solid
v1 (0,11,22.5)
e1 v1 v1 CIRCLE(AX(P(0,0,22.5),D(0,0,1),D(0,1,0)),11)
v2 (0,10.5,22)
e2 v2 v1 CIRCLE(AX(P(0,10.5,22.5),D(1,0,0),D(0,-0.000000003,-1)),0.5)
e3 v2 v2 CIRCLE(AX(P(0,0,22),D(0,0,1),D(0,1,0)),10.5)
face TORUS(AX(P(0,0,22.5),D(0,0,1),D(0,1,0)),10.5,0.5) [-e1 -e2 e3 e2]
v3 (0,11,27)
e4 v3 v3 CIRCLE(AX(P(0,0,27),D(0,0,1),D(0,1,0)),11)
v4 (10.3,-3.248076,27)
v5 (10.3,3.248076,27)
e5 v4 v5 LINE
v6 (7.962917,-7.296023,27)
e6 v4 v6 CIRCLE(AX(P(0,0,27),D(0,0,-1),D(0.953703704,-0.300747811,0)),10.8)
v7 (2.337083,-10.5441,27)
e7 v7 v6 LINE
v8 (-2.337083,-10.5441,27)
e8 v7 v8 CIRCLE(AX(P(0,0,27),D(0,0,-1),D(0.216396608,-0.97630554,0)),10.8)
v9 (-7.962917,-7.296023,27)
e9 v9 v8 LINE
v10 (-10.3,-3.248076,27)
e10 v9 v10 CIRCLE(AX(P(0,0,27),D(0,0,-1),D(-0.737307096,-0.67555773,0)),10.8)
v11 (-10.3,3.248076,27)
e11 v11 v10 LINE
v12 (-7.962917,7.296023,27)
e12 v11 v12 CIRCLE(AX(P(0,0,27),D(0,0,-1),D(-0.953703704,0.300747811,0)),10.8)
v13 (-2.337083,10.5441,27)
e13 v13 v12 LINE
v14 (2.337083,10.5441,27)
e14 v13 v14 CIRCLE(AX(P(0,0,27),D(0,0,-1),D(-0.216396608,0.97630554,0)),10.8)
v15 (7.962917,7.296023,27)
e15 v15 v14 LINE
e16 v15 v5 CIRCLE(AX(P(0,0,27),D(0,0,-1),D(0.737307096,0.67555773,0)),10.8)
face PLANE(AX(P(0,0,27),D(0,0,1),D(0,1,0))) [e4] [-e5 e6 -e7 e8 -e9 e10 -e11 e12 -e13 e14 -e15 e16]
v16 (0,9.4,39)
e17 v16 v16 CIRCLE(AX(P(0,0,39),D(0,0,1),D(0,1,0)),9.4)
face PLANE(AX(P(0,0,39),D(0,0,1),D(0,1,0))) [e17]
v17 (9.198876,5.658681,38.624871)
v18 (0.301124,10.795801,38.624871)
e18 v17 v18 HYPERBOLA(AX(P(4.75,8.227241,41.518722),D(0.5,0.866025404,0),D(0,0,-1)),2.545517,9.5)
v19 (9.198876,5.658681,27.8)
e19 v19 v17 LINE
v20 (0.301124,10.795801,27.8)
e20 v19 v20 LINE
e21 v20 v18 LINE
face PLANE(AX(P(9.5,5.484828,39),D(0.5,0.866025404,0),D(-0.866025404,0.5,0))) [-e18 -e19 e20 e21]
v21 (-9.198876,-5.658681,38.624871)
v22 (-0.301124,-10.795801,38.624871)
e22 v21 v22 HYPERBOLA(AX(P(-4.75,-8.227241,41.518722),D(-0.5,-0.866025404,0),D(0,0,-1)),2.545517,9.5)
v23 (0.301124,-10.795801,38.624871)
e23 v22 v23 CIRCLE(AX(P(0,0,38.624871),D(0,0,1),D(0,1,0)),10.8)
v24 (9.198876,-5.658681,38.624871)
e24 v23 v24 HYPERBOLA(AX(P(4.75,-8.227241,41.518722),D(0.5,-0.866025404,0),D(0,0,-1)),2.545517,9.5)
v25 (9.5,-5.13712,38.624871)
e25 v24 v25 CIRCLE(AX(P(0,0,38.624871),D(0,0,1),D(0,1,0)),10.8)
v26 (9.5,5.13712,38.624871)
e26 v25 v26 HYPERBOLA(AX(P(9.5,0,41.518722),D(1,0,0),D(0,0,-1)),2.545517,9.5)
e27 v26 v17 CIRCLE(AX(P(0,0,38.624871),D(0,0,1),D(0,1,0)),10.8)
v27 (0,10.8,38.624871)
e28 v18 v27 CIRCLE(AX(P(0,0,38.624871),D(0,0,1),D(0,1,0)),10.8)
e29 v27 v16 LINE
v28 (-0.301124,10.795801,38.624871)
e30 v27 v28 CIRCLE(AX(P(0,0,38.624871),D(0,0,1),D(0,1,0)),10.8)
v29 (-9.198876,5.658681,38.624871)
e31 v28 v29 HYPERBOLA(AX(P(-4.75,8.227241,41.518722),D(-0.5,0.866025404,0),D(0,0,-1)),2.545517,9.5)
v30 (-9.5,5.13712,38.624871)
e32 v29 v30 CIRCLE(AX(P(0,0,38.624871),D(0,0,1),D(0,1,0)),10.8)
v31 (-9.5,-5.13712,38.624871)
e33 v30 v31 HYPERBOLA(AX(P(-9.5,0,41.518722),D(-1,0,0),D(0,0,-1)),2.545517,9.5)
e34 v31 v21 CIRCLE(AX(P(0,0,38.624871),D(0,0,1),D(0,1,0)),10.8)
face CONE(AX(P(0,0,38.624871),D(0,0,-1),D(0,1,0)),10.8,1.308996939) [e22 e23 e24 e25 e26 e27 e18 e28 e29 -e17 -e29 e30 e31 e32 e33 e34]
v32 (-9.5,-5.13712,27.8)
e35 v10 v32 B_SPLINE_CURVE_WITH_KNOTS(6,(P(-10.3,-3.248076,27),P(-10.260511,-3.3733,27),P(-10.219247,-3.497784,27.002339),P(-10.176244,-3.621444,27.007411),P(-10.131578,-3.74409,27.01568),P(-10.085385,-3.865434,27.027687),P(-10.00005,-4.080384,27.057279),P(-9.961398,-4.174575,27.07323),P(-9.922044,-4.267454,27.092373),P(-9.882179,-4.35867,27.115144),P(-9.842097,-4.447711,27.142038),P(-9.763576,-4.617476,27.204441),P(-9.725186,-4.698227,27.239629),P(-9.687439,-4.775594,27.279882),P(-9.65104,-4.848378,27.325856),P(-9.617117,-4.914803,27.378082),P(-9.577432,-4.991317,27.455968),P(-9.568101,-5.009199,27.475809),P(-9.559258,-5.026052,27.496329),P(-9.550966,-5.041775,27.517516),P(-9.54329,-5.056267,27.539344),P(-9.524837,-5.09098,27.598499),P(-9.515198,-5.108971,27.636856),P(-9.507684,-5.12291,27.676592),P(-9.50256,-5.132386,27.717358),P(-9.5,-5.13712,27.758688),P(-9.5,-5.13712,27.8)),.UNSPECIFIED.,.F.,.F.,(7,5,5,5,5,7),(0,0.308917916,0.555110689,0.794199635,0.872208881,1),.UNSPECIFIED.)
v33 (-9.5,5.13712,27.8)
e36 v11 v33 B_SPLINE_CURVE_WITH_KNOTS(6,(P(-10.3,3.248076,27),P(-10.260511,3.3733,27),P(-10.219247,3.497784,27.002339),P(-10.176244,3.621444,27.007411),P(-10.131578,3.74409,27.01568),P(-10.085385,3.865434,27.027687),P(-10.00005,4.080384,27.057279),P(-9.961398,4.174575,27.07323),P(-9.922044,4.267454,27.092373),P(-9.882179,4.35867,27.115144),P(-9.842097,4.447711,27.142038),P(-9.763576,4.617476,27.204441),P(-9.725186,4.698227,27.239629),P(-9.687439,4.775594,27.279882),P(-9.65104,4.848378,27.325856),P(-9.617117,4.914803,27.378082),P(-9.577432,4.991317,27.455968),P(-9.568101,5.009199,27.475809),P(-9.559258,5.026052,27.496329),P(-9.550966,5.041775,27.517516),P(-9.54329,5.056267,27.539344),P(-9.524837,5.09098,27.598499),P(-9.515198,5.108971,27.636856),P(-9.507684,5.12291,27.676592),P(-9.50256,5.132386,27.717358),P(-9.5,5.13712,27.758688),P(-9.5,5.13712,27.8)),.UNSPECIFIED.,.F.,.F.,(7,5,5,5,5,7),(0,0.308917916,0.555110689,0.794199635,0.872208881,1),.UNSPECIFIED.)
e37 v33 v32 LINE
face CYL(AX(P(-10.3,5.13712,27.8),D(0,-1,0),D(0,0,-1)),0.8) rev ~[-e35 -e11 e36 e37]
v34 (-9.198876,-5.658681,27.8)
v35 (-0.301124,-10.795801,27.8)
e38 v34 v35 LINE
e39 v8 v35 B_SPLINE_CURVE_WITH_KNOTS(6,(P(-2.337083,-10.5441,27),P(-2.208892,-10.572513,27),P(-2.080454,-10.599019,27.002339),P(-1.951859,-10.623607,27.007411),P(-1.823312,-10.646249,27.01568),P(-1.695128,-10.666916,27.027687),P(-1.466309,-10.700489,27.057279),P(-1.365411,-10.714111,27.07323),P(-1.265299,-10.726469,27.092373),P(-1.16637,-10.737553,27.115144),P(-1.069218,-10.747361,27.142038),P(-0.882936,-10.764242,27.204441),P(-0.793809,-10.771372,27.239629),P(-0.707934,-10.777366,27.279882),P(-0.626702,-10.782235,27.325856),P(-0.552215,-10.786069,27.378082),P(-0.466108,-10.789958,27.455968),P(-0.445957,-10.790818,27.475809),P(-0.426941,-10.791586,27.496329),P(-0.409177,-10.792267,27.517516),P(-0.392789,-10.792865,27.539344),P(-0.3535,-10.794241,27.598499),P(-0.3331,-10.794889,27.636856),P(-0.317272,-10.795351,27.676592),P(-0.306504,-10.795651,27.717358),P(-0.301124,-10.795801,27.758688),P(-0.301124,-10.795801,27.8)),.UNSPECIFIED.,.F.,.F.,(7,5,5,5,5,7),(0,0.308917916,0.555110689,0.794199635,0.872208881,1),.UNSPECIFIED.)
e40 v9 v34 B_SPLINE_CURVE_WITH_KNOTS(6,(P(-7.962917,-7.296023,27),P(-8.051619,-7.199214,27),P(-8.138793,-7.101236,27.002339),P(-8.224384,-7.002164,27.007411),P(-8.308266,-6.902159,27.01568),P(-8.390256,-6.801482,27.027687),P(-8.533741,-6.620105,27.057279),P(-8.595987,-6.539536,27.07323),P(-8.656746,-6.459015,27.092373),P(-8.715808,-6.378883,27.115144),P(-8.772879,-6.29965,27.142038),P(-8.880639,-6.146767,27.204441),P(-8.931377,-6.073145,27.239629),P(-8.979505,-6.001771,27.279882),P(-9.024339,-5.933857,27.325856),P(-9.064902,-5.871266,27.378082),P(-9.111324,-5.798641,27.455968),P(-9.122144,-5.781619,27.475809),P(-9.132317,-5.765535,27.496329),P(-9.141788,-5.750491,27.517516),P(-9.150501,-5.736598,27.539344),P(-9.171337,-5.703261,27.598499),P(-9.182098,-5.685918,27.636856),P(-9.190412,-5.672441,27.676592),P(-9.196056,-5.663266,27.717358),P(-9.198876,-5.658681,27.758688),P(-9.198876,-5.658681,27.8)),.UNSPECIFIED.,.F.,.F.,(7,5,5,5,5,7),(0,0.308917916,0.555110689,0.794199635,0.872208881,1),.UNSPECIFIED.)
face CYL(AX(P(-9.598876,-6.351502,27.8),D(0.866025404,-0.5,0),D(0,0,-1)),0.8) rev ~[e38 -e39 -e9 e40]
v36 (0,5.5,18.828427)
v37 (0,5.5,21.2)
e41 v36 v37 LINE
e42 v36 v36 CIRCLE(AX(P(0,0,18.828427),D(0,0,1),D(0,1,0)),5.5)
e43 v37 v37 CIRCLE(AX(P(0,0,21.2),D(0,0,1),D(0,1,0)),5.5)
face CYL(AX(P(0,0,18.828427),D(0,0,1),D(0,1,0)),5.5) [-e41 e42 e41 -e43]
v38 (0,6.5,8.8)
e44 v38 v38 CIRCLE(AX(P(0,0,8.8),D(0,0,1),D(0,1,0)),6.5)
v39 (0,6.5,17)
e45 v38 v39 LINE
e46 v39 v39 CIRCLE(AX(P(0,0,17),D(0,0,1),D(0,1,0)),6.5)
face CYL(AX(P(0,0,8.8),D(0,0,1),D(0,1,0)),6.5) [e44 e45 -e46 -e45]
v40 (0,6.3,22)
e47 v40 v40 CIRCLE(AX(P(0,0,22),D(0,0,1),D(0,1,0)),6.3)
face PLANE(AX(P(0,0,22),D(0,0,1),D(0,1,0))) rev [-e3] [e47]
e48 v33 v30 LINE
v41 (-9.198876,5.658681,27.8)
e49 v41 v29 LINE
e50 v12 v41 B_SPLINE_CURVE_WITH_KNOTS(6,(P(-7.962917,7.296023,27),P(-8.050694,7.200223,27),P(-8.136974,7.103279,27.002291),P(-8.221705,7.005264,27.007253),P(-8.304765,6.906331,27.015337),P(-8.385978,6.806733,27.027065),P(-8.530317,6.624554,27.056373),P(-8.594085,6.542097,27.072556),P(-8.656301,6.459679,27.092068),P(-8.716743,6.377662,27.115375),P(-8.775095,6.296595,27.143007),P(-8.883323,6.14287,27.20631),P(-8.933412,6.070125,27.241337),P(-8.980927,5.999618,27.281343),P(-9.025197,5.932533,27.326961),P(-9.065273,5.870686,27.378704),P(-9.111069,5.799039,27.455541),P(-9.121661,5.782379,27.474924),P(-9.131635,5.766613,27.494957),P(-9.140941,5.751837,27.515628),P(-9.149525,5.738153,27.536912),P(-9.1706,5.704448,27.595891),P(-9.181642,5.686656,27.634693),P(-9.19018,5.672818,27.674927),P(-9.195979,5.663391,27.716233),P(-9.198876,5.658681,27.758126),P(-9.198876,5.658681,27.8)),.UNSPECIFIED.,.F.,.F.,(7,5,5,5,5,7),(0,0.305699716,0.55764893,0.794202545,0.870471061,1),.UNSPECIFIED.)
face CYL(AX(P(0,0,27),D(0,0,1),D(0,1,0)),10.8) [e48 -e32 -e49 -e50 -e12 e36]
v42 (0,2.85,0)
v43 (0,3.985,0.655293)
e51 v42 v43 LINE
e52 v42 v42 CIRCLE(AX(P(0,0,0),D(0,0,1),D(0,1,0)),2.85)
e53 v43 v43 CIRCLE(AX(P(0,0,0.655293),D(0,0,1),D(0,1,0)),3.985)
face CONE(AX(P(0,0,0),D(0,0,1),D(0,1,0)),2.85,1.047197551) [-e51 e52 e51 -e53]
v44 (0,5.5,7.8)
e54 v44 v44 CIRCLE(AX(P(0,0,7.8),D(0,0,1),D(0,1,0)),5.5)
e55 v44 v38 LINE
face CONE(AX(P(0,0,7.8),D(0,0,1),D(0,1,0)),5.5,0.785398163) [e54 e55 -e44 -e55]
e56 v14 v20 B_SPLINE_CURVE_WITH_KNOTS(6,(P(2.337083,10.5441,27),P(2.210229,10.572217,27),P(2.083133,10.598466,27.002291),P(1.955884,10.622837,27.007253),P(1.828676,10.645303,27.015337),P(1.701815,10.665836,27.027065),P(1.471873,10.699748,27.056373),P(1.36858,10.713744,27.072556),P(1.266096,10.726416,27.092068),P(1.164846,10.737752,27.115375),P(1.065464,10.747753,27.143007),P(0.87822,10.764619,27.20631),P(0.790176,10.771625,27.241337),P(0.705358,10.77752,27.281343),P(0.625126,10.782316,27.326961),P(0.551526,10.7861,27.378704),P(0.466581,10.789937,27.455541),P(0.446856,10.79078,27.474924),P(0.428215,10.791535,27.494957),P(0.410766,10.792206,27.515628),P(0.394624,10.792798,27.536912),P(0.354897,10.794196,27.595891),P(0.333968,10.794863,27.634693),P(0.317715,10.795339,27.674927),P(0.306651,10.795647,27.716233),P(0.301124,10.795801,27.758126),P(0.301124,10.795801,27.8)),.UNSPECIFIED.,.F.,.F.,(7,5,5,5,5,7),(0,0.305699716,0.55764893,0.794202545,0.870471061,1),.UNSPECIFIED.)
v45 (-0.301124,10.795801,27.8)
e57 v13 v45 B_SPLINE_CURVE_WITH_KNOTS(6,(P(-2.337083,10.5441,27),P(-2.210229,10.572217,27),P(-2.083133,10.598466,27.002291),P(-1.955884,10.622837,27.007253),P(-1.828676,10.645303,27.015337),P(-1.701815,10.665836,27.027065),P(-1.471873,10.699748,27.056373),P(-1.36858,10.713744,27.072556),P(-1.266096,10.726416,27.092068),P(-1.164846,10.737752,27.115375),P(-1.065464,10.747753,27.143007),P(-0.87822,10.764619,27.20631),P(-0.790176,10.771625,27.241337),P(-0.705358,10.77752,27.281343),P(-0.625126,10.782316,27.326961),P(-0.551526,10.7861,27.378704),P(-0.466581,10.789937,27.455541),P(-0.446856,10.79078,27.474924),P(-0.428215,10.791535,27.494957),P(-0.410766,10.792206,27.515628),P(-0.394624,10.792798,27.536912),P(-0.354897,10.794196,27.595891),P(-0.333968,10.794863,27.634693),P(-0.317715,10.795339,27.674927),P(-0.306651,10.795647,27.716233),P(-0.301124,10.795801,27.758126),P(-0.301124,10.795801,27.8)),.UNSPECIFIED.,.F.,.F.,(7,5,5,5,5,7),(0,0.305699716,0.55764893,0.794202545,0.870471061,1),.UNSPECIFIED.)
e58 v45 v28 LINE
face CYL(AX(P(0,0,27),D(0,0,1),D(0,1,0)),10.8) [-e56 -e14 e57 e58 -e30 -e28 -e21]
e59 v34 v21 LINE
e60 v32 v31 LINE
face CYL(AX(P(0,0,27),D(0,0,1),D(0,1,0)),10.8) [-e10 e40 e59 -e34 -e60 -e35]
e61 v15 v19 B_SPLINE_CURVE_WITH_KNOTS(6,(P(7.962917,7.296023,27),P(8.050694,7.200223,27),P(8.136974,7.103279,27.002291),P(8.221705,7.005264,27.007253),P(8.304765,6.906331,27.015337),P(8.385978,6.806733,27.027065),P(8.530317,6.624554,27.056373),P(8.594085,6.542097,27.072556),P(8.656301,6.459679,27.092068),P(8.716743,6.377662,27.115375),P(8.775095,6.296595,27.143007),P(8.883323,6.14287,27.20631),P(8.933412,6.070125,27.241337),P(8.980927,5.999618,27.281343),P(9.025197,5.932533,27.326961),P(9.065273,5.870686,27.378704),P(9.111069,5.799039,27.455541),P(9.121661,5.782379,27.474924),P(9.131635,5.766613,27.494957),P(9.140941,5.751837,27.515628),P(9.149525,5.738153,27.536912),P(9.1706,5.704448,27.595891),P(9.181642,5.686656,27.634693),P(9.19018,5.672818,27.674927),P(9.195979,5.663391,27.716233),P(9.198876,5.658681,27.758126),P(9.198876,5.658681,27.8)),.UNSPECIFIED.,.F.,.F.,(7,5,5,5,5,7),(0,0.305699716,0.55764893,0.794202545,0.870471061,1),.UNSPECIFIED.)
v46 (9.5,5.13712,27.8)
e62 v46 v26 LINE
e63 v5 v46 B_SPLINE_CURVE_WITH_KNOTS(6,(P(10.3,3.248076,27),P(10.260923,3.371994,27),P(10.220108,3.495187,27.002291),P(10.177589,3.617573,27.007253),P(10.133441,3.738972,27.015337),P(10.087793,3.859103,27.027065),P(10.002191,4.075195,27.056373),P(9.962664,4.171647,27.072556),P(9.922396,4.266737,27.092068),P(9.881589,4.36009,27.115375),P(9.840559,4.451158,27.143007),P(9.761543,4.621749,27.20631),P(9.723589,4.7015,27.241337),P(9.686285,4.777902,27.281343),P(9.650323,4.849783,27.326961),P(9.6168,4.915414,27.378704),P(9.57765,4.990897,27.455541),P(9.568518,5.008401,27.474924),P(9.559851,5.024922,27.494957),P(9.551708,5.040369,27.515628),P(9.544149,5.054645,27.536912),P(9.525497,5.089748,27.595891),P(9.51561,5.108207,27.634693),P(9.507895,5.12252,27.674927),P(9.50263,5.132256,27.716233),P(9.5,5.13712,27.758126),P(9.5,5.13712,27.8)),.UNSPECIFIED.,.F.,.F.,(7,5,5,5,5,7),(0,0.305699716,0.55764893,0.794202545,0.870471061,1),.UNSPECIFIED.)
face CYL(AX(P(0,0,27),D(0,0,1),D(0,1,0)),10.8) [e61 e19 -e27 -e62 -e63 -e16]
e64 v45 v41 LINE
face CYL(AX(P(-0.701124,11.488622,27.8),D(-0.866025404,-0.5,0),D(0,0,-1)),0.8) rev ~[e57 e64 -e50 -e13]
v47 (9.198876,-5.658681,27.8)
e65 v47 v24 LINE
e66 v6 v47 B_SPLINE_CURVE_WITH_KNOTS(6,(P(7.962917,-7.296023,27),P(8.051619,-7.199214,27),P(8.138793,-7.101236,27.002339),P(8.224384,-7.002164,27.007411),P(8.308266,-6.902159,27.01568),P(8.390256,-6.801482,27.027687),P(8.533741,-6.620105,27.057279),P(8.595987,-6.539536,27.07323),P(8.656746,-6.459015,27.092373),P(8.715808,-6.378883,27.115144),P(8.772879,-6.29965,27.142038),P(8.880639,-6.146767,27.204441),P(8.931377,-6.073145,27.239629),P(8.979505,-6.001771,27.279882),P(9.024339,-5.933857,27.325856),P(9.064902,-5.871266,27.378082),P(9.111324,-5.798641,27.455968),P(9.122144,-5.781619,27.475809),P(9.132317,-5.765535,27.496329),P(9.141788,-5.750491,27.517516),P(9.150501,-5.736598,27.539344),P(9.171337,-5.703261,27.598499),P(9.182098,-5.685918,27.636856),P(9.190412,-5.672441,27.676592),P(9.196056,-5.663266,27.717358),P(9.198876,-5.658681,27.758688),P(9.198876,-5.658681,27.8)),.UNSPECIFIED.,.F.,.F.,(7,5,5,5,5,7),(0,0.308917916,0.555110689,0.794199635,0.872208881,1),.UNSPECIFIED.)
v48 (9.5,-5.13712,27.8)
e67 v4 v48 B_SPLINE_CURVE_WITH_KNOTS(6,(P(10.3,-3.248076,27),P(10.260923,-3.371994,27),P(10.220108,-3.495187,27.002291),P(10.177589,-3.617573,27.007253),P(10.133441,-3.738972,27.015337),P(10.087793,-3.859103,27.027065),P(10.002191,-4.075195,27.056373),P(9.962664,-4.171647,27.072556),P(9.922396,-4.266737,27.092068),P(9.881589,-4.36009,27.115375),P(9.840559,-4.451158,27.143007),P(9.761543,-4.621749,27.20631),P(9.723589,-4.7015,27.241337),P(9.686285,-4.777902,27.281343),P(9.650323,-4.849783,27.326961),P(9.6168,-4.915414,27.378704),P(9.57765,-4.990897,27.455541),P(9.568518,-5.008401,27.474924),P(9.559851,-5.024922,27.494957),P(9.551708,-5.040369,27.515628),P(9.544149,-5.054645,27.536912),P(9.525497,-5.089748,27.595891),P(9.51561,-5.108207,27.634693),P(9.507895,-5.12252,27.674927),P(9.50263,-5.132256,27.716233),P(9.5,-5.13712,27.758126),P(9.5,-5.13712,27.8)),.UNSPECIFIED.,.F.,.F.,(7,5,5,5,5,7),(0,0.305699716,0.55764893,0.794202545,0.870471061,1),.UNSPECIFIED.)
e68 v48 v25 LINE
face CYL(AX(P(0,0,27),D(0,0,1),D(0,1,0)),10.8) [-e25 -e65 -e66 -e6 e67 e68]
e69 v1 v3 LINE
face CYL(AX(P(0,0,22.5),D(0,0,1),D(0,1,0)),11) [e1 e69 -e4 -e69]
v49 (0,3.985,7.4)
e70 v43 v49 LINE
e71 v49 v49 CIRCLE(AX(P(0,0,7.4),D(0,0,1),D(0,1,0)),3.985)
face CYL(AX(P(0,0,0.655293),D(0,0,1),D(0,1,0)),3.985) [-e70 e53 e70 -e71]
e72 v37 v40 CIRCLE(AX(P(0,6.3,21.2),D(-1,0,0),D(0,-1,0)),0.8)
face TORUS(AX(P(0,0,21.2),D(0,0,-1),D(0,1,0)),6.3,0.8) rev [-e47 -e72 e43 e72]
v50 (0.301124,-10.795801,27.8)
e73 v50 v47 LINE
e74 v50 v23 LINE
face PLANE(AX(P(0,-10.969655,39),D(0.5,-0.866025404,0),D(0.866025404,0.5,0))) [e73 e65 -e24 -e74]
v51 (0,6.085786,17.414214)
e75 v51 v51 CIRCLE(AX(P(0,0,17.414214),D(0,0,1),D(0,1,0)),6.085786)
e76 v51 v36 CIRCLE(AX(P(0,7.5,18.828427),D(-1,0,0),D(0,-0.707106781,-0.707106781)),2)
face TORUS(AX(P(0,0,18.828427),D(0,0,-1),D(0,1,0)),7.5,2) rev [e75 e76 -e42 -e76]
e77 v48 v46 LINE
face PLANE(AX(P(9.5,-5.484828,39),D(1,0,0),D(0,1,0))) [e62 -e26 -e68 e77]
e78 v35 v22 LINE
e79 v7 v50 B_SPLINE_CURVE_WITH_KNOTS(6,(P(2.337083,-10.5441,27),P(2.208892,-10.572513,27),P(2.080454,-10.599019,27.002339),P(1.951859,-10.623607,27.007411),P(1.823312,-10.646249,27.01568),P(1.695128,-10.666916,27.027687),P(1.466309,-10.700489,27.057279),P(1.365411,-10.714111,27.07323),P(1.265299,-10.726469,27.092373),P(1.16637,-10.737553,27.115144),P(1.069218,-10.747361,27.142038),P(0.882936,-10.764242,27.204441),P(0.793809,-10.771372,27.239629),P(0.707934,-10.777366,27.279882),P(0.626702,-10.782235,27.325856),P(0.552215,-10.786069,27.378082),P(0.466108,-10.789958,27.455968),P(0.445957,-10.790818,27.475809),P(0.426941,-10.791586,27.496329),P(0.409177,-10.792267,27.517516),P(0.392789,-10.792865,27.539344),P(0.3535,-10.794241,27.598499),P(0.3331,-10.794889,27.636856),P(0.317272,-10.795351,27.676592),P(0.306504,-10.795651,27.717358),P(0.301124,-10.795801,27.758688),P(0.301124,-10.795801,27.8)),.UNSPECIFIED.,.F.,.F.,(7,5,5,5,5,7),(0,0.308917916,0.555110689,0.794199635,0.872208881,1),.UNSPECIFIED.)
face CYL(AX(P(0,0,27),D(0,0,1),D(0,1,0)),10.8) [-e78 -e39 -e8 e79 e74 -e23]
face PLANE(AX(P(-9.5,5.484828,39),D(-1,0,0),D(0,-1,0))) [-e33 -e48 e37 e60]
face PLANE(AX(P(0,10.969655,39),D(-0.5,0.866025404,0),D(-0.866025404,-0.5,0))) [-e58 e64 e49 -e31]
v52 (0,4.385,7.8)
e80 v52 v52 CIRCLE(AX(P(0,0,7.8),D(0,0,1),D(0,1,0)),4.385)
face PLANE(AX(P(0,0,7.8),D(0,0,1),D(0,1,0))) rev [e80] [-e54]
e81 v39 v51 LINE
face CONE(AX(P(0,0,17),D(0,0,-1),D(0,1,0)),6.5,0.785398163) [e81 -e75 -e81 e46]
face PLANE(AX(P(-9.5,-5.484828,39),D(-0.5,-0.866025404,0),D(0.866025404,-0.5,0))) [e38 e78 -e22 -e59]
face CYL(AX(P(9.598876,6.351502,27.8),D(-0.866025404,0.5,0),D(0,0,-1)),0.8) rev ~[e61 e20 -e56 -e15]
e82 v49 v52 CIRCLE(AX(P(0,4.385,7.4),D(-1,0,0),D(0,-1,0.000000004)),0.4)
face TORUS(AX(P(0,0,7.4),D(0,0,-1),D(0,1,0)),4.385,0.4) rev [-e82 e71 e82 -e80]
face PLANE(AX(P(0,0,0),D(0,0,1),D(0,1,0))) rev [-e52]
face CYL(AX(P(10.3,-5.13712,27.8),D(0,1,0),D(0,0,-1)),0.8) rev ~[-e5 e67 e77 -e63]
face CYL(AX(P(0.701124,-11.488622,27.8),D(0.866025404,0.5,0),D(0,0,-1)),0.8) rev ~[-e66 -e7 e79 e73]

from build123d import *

# Parameters (mm, degrees)
SKETCH2_R          = 12.258164927
CUT_EXTRUDE1_DEPTH = 12
FILLET3_R          = 0.8
FILLET6_R          = 0.8
FILLET7_R          = 0.8


with BuildPart() as part:
    # Sketch1 → Revolve1 (revolve)
    with BuildSketch(Plane(origin=(0, 0, 0), x_dir=(0, 0, -1), z_dir=(1, 0, 0))):
        with BuildLine():
            Line((0, 0), (0, 2.85))
            Line((0, 2.85), (-0.655292556, 3.985))
            Line((-0.655292556, 3.985), (-7.4, 3.985))
            ThreePointArc((-7.4, 3.985), (-7.682842712, 4.102157288), (-7.8, 4.385))
            Line((-7.8, 4.385), (-7.8, 5.5))
            Line((-7.8, 5.5), (-8.8, 6.5))
            Line((-8.8, 6.5), (-17, 6.5))
            Line((-17, 6.5), (-17.414213562, 6.085786438))
            ThreePointArc((-17.414213562, 6.085786438), (-18.06306026, 5.652240935), (-18.828427125, 5.5))
            Line((-18.828427125, 5.5), (-21.2, 5.5))
            ThreePointArc((-21.2, 5.5), (-21.765685425, 5.734314575), (-22, 6.3))
            Line((-22, 6.3), (-22, 10.5))
            ThreePointArc((-22, 10.5), (-22.146446609, 10.853553391), (-22.5, 11))
            Line((-22.5, 11), (-27, 11))
            Line((-27, 11), (-27, 10.8))
            Line((-27, 10.8), (-38.624871131, 10.8))
            Line((-38.624871131, 10.8), (-39, 9.4))
            Line((-39, 9.4), (-39, 0))
            Line((-39, 0), (0, 0))
        make_face()
    revolve(axis=Axis((0, 0, 0), (0, 0, 1)))

    # Sketch2 → Cut-Extrude1 (cut)
    with BuildSketch(Plane.XY.offset(39)):
        Circle(SKETCH2_R)
        Polygon((0, -10.969655115), (9.5, -5.484827557), (9.5, 5.484827557), (0, 10.969655115), (-9.5, 5.484827557), (-9.5, -5.484827557), align=None, mode=Mode.SUBTRACT)
    extrude(amount=-CUT_EXTRUDE1_DEPTH, mode=Mode.SUBTRACT)

    # Fillet3
    fillet3_edges = [part.edges().sort_by_distance(p)[0] for p in [
        (4.75, 8.227241336, 27),
        (-4.75, -8.227241336, 27),
    ]]
    fillet(fillet3_edges, radius=FILLET3_R)

    # Fillet6
    fillet6_edges = [part.edges().sort_by_distance(p)[0] for p in [
        (4.75, -8.227241336, 27),
        (-4.75, 8.227241336, 27),
    ]]
    fillet(fillet6_edges, radius=FILLET6_R)

    # Fillet7
    fillet7_edges = [part.edges().sort_by_distance(p)[0] for p in [
        (9.5, 0, 27),
        (-9.5, 0, 27),
    ]]
    fillet(fillet7_edges, radius=FILLET7_R)


solid = part.part
